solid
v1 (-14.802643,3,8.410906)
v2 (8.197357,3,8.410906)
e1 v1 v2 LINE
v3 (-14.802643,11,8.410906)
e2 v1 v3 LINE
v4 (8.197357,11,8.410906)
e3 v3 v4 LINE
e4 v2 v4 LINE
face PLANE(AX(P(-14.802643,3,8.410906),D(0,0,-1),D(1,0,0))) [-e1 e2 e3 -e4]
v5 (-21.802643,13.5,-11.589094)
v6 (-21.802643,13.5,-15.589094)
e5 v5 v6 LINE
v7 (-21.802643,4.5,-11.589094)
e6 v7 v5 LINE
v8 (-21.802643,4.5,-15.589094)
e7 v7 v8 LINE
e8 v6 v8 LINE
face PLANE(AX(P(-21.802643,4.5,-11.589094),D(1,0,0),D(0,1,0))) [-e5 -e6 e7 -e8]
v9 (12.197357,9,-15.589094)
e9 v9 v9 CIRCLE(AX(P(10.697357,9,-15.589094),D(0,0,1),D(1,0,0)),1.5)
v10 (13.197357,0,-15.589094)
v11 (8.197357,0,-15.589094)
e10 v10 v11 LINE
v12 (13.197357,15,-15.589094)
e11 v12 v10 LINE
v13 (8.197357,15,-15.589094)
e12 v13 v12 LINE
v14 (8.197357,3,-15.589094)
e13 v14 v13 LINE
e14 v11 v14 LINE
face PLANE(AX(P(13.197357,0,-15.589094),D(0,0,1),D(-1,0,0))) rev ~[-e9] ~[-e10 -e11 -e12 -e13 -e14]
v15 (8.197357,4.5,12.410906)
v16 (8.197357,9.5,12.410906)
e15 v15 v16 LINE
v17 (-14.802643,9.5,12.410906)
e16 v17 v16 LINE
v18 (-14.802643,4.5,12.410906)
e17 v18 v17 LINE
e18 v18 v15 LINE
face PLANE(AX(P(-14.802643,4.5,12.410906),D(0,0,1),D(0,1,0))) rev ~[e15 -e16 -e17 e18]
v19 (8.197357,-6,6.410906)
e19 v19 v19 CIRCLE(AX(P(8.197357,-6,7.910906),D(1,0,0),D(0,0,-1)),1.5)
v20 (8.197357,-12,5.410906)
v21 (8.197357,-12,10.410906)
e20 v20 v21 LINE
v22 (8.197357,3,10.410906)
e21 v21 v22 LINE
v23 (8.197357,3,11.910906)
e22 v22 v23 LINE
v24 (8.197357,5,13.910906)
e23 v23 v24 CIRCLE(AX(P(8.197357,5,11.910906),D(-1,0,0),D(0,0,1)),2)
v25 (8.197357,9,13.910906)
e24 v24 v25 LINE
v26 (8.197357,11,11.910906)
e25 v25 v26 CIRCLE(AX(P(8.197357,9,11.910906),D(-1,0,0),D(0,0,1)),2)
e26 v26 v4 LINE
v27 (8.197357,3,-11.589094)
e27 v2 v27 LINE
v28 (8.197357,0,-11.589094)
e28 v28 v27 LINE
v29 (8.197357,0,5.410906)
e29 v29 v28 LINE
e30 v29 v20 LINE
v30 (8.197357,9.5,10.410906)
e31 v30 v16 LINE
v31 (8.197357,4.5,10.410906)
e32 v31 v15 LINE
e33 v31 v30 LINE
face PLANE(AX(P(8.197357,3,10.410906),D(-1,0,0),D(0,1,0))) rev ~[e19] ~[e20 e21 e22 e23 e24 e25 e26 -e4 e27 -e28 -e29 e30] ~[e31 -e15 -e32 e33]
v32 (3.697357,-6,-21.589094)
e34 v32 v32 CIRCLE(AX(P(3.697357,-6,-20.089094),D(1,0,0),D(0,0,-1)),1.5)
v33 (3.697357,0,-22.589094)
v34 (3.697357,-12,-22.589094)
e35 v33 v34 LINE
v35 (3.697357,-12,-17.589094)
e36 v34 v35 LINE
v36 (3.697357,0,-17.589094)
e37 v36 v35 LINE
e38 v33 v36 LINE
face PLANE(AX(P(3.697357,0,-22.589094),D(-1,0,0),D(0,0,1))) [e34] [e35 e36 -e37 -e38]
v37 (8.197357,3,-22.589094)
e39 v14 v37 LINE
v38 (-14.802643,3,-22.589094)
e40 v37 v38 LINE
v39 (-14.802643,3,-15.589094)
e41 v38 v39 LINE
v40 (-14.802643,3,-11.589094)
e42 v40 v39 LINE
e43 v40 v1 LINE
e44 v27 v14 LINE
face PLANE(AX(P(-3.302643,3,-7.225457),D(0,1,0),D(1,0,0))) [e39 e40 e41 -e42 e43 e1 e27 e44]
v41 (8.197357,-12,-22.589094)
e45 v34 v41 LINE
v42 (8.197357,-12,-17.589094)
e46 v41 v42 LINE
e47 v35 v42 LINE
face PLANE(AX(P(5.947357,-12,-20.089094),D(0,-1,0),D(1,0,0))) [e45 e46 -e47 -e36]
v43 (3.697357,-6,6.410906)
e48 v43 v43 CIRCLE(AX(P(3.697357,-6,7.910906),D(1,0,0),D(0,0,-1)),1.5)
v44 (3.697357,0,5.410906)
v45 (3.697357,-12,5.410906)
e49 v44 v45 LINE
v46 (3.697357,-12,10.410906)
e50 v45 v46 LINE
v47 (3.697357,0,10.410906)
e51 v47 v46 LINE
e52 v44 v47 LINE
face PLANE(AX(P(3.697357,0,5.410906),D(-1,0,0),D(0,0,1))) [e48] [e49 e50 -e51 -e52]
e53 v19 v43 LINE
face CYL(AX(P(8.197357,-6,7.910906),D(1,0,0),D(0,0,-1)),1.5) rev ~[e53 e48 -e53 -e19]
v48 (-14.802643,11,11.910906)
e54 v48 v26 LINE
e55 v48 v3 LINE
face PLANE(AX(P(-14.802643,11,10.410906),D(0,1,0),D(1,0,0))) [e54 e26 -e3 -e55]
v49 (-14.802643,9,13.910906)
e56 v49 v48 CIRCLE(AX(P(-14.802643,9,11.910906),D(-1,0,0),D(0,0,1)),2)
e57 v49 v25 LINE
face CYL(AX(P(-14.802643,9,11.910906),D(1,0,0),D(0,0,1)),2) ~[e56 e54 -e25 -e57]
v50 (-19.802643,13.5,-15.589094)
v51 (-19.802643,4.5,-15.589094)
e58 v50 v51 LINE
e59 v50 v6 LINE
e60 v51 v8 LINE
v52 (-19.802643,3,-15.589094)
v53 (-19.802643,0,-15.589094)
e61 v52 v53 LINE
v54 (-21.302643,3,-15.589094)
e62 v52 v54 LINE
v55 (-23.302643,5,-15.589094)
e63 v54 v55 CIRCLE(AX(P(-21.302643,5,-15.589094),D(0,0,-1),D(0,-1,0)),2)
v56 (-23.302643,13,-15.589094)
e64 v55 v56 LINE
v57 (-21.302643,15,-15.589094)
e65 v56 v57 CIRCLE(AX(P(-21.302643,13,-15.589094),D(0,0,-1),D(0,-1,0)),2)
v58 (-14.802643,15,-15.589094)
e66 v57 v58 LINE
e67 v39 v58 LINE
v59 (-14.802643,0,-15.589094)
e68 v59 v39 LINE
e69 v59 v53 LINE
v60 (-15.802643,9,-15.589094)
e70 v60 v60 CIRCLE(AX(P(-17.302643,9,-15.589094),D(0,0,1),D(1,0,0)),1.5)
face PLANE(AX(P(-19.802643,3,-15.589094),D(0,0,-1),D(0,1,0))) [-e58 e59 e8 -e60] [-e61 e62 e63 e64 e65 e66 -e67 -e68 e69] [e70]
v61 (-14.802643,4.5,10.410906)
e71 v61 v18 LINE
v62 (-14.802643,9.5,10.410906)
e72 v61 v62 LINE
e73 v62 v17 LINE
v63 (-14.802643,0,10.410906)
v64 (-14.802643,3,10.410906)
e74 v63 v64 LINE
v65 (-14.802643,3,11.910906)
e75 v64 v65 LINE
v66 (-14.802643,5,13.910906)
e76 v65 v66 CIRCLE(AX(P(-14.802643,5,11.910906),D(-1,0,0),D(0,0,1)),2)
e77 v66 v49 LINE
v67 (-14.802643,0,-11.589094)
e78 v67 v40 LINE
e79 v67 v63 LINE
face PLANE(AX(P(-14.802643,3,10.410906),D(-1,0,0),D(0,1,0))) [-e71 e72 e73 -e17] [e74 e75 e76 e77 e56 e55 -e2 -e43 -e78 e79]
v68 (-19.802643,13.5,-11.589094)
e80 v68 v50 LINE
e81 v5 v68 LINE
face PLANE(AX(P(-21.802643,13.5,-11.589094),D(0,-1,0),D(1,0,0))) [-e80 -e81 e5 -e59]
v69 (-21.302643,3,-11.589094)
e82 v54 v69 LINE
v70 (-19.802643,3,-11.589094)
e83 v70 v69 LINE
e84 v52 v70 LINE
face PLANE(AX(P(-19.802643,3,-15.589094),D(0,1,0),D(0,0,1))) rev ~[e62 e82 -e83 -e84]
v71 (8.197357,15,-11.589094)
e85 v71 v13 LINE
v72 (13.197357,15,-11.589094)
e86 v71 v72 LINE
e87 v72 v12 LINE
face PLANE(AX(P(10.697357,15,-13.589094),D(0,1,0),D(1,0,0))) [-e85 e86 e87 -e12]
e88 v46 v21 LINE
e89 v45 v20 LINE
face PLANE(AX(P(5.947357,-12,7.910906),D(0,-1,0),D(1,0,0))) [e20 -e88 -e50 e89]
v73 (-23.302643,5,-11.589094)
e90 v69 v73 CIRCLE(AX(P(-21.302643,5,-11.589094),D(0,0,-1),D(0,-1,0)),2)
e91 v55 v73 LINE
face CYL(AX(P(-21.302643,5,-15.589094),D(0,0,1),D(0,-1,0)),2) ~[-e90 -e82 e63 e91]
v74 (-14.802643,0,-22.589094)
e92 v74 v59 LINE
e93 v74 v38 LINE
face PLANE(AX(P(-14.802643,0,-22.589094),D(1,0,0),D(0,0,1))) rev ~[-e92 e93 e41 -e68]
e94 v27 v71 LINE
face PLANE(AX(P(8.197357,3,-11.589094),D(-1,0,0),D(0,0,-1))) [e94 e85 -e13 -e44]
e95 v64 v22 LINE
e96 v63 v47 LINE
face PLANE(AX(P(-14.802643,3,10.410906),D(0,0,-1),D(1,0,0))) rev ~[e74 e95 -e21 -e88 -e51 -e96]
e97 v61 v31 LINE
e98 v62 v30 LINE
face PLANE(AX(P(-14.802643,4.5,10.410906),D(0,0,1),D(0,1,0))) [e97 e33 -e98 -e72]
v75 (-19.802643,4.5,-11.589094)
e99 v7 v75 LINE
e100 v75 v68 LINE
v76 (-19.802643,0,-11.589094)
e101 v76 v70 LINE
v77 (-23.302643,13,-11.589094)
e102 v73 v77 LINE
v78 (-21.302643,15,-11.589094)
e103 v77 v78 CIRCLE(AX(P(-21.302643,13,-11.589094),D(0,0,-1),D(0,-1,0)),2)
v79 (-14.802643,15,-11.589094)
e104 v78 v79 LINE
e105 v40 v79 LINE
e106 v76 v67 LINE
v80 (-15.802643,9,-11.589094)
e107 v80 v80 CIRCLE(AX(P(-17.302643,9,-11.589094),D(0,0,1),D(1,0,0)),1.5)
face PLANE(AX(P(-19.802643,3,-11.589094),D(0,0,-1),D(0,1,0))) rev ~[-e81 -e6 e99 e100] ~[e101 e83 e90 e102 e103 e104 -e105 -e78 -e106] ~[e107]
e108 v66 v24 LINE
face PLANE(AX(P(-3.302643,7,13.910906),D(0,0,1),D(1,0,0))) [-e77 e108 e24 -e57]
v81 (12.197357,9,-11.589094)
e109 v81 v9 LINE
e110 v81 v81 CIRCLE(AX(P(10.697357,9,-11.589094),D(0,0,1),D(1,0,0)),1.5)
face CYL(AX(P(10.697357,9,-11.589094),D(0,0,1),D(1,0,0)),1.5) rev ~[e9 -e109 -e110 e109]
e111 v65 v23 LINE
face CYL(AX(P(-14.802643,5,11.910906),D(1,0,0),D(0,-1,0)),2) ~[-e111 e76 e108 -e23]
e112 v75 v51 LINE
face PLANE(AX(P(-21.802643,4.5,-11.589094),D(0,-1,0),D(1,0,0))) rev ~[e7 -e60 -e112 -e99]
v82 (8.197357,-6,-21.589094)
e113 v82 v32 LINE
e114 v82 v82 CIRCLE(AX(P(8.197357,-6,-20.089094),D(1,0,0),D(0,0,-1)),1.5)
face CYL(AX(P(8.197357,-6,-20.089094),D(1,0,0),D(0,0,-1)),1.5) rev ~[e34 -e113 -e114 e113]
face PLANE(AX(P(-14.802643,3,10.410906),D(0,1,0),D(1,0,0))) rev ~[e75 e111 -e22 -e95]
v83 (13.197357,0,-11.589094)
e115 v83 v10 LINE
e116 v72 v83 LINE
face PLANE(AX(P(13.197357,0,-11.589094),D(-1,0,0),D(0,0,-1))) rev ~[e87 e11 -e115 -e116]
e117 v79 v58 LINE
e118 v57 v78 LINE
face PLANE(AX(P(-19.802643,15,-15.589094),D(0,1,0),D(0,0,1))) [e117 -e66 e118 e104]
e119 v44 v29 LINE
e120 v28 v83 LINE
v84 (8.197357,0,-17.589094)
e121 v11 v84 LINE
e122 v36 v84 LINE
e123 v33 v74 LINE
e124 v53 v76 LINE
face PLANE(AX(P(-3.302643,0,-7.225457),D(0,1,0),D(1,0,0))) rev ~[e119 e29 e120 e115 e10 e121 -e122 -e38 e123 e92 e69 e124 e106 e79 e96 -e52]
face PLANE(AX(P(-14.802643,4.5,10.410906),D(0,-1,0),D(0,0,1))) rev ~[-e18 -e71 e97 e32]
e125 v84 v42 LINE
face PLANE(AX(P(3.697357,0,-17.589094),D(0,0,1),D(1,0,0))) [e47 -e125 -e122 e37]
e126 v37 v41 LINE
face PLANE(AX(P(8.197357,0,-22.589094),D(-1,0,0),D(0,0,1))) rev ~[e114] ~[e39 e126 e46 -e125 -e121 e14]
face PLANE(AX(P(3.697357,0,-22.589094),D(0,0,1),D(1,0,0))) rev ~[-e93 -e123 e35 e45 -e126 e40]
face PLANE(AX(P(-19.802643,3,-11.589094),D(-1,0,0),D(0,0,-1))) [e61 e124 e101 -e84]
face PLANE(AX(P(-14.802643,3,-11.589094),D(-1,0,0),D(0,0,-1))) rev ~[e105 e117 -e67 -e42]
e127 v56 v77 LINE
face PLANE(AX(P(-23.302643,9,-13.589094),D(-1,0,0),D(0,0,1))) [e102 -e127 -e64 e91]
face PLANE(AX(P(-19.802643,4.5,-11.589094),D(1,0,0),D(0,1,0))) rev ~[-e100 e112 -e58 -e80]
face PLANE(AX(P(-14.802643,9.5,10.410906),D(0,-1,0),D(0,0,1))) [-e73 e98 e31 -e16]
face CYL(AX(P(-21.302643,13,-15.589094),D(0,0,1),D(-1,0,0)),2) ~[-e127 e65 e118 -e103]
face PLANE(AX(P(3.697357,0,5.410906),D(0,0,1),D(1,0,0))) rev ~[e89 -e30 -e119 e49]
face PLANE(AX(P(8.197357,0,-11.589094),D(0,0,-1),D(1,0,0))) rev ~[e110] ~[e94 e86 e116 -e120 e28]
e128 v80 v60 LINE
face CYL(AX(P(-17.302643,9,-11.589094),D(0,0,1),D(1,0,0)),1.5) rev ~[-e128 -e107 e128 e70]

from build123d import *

# Parameters (mm, degrees)
BOSS_EXTRUDE1_DEPTH = 3
SKETCH4_W           = 4.5
SKETCH4_H           = 5
BOSS_EXTRUDE3_DEPTH = 12
SKETCH5_W           = 5
SKETCH5_H           = 4
BOSS_EXTRUDE4_DEPTH = 12
SKETCH6_R           = 1.5
CUT_EXTRUDE1_DEPTH  = 10
SKETCH7_R           = 1.5
CUT_EXTRUDE2_DEPTH  = 10
SKETCH8_W           = 23
SKETCH8_H           = 2
BOSS_EXTRUDE5_DEPTH = 8
SKETCH11_W          = 23
SKETCH11_H          = 8
BOSS_EXTRUDE7_DEPTH = 3.5
SKETCH12_W          = 2
SKETCH12_H          = 5
CUT_EXTRUDE3_DEPTH  = 27.5
FILLET1_R           = 2
SKETCH13_W          = 4
SKETCH13_H          = 12
BOSS_EXTRUDE8_DEPTH = 3.5
SKETCH14_W          = 2
SKETCH14_H          = 9
CUT_EXTRUDE4_DEPTH  = 10
FILLET2_R           = 2


with BuildPart() as part:
    # Sketch1 → Boss-Extrude1 (new body)
    with BuildSketch(Plane(origin=(0, 0, 0), x_dir=(1, 0, 0), z_dir=(0, 1, 0))):
        Polygon((-14.802642583, 11.589093702), (-14.802642583, -10.410906298), (8.197357417, -10.410906298), (8.197357417, 11.589093702), (13.197357417, 11.589093702), (13.197357417, 15.589093702), (8.197357417, 15.589093702), (8.197357417, 22.589093702), (-14.802642583, 22.589093702), (-14.802642583, 15.589093702), (-19.802642583, 15.589093702), (-19.802642583, 11.589093702), align=None)
    extrude(amount=BOSS_EXTRUDE1_DEPTH)

    # Sketch4 → Boss-Extrude3 (add)
    with BuildSketch(Plane.XZ):
        with Locations((5.947357417, -20.089093702)):
            Rectangle(SKETCH4_W, SKETCH4_H)
        with Locations((5.947357417, 7.910906298)):
            Rectangle(SKETCH4_W, SKETCH4_H)
    extrude(amount=BOSS_EXTRUDE3_DEPTH)

    # Sketch5 → Boss-Extrude4 (add)
    with BuildSketch(Plane(origin=(0, 3, 0), x_dir=(1, 0, 0), z_dir=(0, 1, 0))):
        with Locations((-17.302642583, 13.589093702)):
            Rectangle(SKETCH5_W, SKETCH5_H)
        with Locations((10.697357417, 13.589093702)):
            Rectangle(SKETCH5_W, SKETCH5_H)
    extrude(amount=BOSS_EXTRUDE4_DEPTH)

    # Sketch6 → Cut-Extrude1 (cut)
    with BuildSketch(Plane.XY.offset(-11.589093702)):
        with Locations((-17.302642583, 9)):
            Circle(SKETCH6_R)
        with Locations((10.697357417, 9)):
            Circle(SKETCH6_R)
    extrude(amount=-CUT_EXTRUDE1_DEPTH, mode=Mode.SUBTRACT)

    # Sketch7 → Cut-Extrude2 (cut)
    with BuildSketch(Plane(origin=(8.197357417, 0, 0), x_dir=(0, 0, -1), z_dir=(1, 0, 0))):
        with Locations((-7.910906298, -6)):
            Circle(SKETCH7_R)
        with Locations((20.089093702, -6)):
            Circle(SKETCH7_R)
    extrude(amount=-CUT_EXTRUDE2_DEPTH, mode=Mode.SUBTRACT)

    # Sketch8 → Boss-Extrude5 (add)
    with BuildSketch(Plane(origin=(0, 3, 0), x_dir=(1, 0, 0), z_dir=(0, 1, 0))):
        with Locations((-3.302642583, -9.410906298)):
            Rectangle(SKETCH8_W, SKETCH8_H)
    extrude(amount=BOSS_EXTRUDE5_DEPTH)

    # Sketch11 → Boss-Extrude7 (add)
    with BuildSketch(Plane.XY.offset(10.410906298)):
        with Locations((-3.302642583, 7)):
            Rectangle(SKETCH11_W, SKETCH11_H)
    extrude(amount=BOSS_EXTRUDE7_DEPTH)

    # Sketch12 → Cut-Extrude3 (cut)
    with BuildSketch(Plane.ZY.offset(14.802642583)):
        with Locations((11.410906298, 7)):
            Rectangle(SKETCH12_W, SKETCH12_H)
    extrude(amount=-CUT_EXTRUDE3_DEPTH, mode=Mode.SUBTRACT)

    # Fillet1
    fillet1_edges = [part.edges().sort_by_distance(p)[0] for p in [
        (-3.302642583, 3, 13.910906298),
        (-3.302642583, 11, 13.910906298),
    ]]
    fillet(fillet1_edges, radius=FILLET1_R)

    # Sketch13 → Boss-Extrude8 (add)
    with BuildSketch(Plane.ZY.offset(19.802642583)):
        with Locations((-13.589093702, 9)):
            Rectangle(SKETCH13_W, SKETCH13_H)
    extrude(amount=BOSS_EXTRUDE8_DEPTH)

    # Sketch14 → Cut-Extrude4 (cut)
    with BuildSketch(Plane.XY.offset(-11.589093702)):
        with Locations((-20.802642583, 9)):
            Rectangle(SKETCH14_W, SKETCH14_H)
    extrude(amount=-CUT_EXTRUDE4_DEPTH, mode=Mode.SUBTRACT)

    # Fillet2
    fillet2_edges = [part.edges().sort_by_distance(p)[0] for p in [
        (-23.302642583, 3, -13.589093702),
        (-23.302642583, 15, -13.589093702),
    ]]
    fillet(fillet2_edges, radius=FILLET2_R)


solid = part.part
